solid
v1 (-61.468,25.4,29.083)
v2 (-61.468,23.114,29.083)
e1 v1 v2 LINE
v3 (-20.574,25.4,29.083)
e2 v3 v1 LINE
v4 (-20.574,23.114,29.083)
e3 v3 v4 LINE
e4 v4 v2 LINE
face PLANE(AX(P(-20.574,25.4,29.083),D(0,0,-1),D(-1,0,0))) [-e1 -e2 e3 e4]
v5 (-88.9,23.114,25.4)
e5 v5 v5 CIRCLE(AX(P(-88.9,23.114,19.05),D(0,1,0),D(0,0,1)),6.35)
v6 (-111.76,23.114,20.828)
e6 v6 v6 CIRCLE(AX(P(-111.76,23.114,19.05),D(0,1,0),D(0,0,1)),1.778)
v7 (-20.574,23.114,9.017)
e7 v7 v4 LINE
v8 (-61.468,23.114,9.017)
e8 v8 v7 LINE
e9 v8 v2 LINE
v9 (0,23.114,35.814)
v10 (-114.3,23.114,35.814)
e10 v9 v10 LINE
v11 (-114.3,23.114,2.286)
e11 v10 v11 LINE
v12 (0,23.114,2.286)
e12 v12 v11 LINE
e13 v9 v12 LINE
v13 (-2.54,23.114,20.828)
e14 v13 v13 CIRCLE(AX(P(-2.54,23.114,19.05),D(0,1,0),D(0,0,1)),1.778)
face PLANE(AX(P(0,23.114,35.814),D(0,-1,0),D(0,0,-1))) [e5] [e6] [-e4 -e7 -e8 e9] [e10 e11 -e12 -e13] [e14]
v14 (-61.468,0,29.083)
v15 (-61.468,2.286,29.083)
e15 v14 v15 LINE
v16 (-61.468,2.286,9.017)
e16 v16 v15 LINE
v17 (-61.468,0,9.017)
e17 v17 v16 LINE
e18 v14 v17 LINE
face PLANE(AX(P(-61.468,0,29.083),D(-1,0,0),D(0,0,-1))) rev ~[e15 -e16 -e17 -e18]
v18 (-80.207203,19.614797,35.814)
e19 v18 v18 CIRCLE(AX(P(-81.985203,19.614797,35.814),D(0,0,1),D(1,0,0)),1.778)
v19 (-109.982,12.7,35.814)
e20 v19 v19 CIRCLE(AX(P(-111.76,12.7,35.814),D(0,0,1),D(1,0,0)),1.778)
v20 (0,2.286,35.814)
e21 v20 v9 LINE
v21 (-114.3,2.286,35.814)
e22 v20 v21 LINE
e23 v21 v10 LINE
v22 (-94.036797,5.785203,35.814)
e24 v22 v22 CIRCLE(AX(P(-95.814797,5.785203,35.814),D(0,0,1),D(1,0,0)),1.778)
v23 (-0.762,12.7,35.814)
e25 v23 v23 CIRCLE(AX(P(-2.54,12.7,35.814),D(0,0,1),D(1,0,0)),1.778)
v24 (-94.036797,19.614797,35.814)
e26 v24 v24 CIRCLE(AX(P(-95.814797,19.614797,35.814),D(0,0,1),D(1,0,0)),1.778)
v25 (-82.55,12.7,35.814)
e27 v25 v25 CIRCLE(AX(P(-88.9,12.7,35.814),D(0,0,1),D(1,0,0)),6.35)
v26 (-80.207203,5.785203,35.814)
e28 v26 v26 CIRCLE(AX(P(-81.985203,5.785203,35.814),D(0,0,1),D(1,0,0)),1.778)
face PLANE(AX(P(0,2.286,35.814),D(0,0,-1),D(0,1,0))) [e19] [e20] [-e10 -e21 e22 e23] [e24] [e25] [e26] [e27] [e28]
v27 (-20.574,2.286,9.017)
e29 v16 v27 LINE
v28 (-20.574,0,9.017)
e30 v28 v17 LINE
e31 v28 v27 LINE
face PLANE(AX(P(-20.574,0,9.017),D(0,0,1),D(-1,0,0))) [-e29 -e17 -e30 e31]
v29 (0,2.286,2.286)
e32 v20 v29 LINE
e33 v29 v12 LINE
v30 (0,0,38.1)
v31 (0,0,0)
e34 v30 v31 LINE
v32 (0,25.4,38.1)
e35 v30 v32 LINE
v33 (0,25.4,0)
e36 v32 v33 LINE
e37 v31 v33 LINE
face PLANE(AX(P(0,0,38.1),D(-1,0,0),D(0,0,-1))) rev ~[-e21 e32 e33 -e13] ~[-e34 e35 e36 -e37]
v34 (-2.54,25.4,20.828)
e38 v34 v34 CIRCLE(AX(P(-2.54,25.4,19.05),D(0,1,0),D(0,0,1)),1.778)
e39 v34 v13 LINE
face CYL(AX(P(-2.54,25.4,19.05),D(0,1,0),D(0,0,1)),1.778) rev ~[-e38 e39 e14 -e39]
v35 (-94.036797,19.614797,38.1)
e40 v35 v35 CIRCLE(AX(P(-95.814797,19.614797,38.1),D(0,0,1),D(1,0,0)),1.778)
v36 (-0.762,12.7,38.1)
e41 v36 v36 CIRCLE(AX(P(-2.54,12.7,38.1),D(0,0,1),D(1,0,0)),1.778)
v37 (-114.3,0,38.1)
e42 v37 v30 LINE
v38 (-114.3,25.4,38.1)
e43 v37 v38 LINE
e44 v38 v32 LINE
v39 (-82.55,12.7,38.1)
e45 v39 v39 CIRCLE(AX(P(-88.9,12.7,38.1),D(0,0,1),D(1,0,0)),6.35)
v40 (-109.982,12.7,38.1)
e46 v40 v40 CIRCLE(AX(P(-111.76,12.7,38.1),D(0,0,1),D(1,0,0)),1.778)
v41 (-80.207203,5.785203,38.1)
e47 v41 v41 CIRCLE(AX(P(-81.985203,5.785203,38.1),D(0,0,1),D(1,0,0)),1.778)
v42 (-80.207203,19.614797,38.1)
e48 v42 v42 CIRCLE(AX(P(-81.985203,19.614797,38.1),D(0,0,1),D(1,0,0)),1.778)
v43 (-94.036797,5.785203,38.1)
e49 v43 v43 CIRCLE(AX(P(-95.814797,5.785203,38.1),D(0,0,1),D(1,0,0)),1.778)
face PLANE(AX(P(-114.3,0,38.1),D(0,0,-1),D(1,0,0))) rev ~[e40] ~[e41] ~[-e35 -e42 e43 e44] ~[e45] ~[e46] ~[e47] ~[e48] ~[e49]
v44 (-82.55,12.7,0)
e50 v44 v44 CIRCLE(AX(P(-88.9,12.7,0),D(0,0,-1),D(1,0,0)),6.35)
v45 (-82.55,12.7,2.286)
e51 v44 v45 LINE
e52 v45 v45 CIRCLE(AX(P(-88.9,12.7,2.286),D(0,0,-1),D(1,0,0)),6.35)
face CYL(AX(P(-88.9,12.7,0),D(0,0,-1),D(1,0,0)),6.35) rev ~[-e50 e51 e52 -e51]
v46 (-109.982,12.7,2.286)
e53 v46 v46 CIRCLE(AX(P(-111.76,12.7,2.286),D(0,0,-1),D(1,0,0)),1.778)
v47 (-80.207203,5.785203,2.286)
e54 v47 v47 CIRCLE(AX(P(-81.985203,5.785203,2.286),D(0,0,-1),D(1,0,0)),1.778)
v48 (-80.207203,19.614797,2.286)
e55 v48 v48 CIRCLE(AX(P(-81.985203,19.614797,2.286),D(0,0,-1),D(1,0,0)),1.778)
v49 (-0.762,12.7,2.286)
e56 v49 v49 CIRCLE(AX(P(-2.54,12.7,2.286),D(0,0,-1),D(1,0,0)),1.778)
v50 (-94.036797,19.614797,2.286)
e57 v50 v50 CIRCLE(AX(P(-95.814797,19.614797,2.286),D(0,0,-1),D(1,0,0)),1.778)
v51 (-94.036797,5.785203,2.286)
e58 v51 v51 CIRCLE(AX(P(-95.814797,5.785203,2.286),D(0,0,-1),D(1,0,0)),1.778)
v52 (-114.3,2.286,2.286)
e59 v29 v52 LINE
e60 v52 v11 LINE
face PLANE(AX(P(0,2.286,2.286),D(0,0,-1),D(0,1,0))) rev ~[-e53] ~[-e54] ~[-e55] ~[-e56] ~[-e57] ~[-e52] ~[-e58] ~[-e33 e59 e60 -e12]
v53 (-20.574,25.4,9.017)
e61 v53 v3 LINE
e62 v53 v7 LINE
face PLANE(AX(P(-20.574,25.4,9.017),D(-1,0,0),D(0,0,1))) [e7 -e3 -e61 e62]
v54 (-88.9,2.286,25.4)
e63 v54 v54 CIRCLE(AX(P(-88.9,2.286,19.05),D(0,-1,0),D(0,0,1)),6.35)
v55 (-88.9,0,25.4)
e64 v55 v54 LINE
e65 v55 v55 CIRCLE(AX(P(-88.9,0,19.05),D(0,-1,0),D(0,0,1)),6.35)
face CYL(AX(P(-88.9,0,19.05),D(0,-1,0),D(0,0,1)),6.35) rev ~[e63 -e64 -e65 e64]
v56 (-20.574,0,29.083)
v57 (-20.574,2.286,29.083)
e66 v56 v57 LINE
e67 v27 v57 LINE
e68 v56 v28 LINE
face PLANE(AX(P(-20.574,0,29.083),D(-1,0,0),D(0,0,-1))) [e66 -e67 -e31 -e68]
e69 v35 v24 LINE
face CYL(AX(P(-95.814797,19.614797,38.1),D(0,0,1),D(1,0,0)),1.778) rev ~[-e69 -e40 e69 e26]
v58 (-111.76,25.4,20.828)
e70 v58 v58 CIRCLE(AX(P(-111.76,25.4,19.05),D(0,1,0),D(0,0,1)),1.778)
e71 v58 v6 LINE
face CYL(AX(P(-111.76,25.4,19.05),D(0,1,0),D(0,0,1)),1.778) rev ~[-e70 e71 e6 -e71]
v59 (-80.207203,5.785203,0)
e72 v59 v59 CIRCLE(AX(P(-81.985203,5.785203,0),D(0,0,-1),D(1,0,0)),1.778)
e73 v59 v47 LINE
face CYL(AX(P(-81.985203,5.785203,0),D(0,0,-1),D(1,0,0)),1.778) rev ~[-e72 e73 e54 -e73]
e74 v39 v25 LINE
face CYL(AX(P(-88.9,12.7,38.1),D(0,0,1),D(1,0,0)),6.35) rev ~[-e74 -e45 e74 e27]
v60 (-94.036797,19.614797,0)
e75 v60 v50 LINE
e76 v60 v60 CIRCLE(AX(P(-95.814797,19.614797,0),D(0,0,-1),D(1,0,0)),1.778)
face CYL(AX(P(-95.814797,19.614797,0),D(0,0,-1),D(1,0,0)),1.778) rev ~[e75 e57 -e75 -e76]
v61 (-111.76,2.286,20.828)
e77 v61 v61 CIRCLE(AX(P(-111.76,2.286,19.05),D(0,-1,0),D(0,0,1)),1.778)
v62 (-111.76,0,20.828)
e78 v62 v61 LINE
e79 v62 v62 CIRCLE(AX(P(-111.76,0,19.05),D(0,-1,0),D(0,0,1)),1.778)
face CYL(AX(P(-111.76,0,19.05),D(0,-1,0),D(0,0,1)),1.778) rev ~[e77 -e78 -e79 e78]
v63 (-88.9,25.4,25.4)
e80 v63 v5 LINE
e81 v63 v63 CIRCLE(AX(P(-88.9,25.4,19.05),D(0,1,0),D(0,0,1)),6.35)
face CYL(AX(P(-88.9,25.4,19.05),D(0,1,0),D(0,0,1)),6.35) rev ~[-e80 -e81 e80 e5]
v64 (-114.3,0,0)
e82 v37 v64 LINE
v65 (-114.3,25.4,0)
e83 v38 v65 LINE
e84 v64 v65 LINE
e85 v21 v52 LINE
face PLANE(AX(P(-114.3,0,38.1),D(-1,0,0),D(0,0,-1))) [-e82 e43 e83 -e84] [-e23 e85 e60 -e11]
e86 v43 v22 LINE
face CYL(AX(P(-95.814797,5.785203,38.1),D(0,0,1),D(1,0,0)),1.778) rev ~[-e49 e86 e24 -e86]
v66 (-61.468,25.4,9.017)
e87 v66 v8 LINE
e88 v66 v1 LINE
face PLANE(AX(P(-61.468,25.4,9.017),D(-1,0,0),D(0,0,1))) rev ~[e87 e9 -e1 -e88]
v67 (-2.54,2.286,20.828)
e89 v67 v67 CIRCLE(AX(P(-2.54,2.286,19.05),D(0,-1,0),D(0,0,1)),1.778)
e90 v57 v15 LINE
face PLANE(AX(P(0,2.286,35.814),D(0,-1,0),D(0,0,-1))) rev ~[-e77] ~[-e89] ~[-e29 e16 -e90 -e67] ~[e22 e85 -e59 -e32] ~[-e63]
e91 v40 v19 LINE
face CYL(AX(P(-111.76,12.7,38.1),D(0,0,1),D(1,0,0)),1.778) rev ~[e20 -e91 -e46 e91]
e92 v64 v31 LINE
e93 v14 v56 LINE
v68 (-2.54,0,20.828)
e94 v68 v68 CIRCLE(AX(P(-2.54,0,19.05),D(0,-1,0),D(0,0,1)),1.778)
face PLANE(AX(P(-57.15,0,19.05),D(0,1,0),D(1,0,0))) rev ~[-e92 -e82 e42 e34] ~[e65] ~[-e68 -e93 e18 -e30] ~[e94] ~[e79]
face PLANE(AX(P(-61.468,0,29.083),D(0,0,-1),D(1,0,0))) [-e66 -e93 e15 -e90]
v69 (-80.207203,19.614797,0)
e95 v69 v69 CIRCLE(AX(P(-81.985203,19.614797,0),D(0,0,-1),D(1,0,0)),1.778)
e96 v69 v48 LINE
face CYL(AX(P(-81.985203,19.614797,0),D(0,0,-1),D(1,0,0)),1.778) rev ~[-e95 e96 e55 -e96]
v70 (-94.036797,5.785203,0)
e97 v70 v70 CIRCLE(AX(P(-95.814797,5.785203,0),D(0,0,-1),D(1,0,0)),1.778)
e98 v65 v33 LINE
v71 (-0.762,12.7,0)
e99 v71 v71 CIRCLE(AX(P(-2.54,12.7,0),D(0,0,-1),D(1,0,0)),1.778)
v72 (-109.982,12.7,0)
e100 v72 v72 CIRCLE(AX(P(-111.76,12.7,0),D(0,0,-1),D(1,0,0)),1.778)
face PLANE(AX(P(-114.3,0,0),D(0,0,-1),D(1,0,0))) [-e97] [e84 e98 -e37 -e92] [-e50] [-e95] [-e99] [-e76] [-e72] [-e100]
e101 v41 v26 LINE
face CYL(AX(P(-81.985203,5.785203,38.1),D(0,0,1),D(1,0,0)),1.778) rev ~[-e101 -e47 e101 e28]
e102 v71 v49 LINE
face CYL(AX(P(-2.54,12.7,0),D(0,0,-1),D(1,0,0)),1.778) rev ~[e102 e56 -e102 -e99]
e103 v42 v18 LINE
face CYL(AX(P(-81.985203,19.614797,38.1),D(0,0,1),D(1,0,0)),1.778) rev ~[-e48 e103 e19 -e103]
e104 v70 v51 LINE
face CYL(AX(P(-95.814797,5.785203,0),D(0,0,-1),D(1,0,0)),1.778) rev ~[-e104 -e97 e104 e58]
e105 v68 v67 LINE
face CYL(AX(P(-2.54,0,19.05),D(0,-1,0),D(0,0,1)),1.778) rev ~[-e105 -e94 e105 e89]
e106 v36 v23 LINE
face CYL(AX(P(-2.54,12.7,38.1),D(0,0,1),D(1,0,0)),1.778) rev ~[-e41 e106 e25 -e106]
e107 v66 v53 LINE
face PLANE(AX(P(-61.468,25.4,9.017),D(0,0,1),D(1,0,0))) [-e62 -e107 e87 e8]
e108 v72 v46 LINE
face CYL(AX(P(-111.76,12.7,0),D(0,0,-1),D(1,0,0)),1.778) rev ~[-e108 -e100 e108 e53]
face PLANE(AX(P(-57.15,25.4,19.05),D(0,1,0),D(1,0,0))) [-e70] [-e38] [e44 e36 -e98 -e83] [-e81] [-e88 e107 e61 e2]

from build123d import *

# Parameters (mm, degrees)
SKETCH1_W           = 114.3
SKETCH1_H           = 38.1
BOSS_EXTRUDE1_DEPTH = 25.4
CUT_EXTRUDE1_REACH  = 125.131
SKETCH2_W           = 33.528
SKETCH2_H           = 20.828
CUT_EXTRUDE2_REACH  = 125.131
SKETCH3_R           = 1.778
CUT_EXTRUDE3_REACH  = 125.131
SKETCH4_R           = 1.778
CUT_EXTRUDE4_REACH  = 125.131
SKETCH5_R           = 1.778
SKETCH5_R_2         = 6.35
CUT_EXTRUDE5_REACH  = 125.131
SKETCH6_R           = 1.778
SKETCH6_R_2         = 6.35
CUT_EXTRUDE6_REACH  = 125.131
SKETCH7_R           = 1.778
SKETCH7_R_2         = 6.35
CUT_EXTRUDE7_REACH  = 125.131
SKETCH8_R           = 1.778
SKETCH8_R_2         = 6.35
CUT_EXTRUDE8_REACH  = 125.131
SKETCH9_R           = 1.778
CUT_EXTRUDE9_REACH  = 125.131
SKETCH10_R          = 1.778


with BuildPart() as part:
    # Sketch1 → Boss-Extrude1 (new body)
    with BuildSketch(Plane(origin=(0, 0, 0), x_dir=(1, 0, 0), z_dir=(0, 1, 0))):
        with Locations((-57.15, -19.05)):
            Rectangle(SKETCH1_W, SKETCH1_H)
    extrude(amount=BOSS_EXTRUDE1_DEPTH)

    # Sketch2 → Cut-Extrude1 (cut, up to next)
    with BuildSketch(Plane(origin=(0, 0, 0), x_dir=(0, 0, -1), z_dir=(1, 0, 0)), mode=Mode.PRIVATE) as cut_extrude1_sk1:
        with Locations((-19.05, 12.7)):
            Rectangle(SKETCH2_W, SKETCH2_H)
    cut_extrude1_tool1 = extrude(cut_extrude1_sk1.sketch, amount=-CUT_EXTRUDE1_REACH, mode=Mode.PRIVATE) & part.part
    add(cut_extrude1_tool1.solids().sort_by_distance((0, 12.7, 19.05))[0], mode=Mode.SUBTRACT)

    # Sketch3 → Cut-Extrude2 (cut, up to next)
    with BuildSketch(Plane.XY.offset(38.1), mode=Mode.PRIVATE) as cut_extrude2_sk1:
        with Locations((-2.54, 12.7)):
            Circle(SKETCH3_R)
    cut_extrude2_tool1 = extrude(cut_extrude2_sk1.sketch, amount=-CUT_EXTRUDE2_REACH, mode=Mode.PRIVATE) & part.part
    add(cut_extrude2_tool1.solids().sort_by_distance((-2.54, 12.7, 38.1))[0], mode=Mode.SUBTRACT)

    # Sketch4 → Cut-Extrude3 (cut, up to next)
    with BuildSketch(Plane(origin=(0, 0, 0), x_dir=(-1, 0, 0), z_dir=(0, 0, -1)), mode=Mode.PRIVATE) as cut_extrude3_sk1:
        with Locations(Location((2.54, 12.7, 0), (0, 0, 180))):
            Circle(SKETCH4_R)
    cut_extrude3_tool1 = extrude(cut_extrude3_sk1.sketch, amount=-CUT_EXTRUDE3_REACH, mode=Mode.PRIVATE) & part.part
    add(cut_extrude3_tool1.solids().sort_by_distance((-2.54, 12.7, 0))[0], mode=Mode.SUBTRACT)

    # Sketch5 → Cut-Extrude4 (cut, up to next)
    with BuildSketch(Plane.XY.offset(38.1), mode=Mode.PRIVATE) as cut_extrude4_sk1:
        with Locations((-111.76, 12.7)):
            Circle(SKETCH5_R)
    cut_extrude4_tool1 = extrude(cut_extrude4_sk1.sketch, amount=-CUT_EXTRUDE4_REACH, mode=Mode.PRIVATE) & part.part
    # Sketch5 → Cut-Extrude4 (cut, up to next)
    with BuildSketch(Plane.XY.offset(38.1), mode=Mode.PRIVATE) as cut_extrude4_sk2:
        with Locations((-88.9, 12.7)):
            Circle(SKETCH5_R_2)
    cut_extrude4_tool2 = extrude(cut_extrude4_sk2.sketch, amount=-CUT_EXTRUDE4_REACH, mode=Mode.PRIVATE) & part.part
    # Sketch5 → Cut-Extrude4 (cut, up to next)
    with BuildSketch(Plane.XY.offset(38.1), mode=Mode.PRIVATE) as cut_extrude4_sk3:
        with Locations((-95.814797213, 19.614797213)):
            Circle(SKETCH5_R)
    cut_extrude4_tool3 = extrude(cut_extrude4_sk3.sketch, amount=-CUT_EXTRUDE4_REACH, mode=Mode.PRIVATE) & part.part
    # Sketch5 → Cut-Extrude4 (cut, up to next)
    with BuildSketch(Plane.XY.offset(38.1), mode=Mode.PRIVATE) as cut_extrude4_sk4:
        with Locations((-81.985202787, 19.614797213)):
            Circle(SKETCH5_R)
    cut_extrude4_tool4 = extrude(cut_extrude4_sk4.sketch, amount=-CUT_EXTRUDE4_REACH, mode=Mode.PRIVATE) & part.part
    # Sketch5 → Cut-Extrude4 (cut, up to next)
    with BuildSketch(Plane.XY.offset(38.1), mode=Mode.PRIVATE) as cut_extrude4_sk5:
        with Locations((-95.814797213, 5.785202787)):
            Circle(SKETCH5_R)
    cut_extrude4_tool5 = extrude(cut_extrude4_sk5.sketch, amount=-CUT_EXTRUDE4_REACH, mode=Mode.PRIVATE) & part.part
    # Sketch5 → Cut-Extrude4 (cut, up to next)
    with BuildSketch(Plane.XY.offset(38.1), mode=Mode.PRIVATE) as cut_extrude4_sk6:
        with Locations((-81.985202787, 5.785202787)):
            Circle(SKETCH5_R)
    cut_extrude4_tool6 = extrude(cut_extrude4_sk6.sketch, amount=-CUT_EXTRUDE4_REACH, mode=Mode.PRIVATE) & part.part
    add(cut_extrude4_tool1.solids().sort_by_distance((-111.76, 12.7, 38.1))[0], mode=Mode.SUBTRACT)
    add(cut_extrude4_tool2.solids().sort_by_distance((-88.9, 12.7, 38.1))[0], mode=Mode.SUBTRACT)
    add(cut_extrude4_tool3.solids().sort_by_distance((-95.814797, 19.614797, 38.1))[0], mode=Mode.SUBTRACT)
    add(cut_extrude4_tool4.solids().sort_by_distance((-81.985203, 19.614797, 38.1))[0], mode=Mode.SUBTRACT)
    add(cut_extrude4_tool5.solids().sort_by_distance((-95.814797, 5.785203, 38.1))[0], mode=Mode.SUBTRACT)
    add(cut_extrude4_tool6.solids().sort_by_distance((-81.985203, 5.785203, 38.1))[0], mode=Mode.SUBTRACT)

    # Sketch6 → Cut-Extrude5 (cut, up to next)
    with BuildSketch(Plane(origin=(0, 0, 0), x_dir=(-1, 0, 0), z_dir=(0, 0, -1)), mode=Mode.PRIVATE) as cut_extrude5_sk1:
        with Locations(Location((111.76, 12.7, 0), (0, 0, 180))):
            Circle(SKETCH6_R)
    cut_extrude5_tool1 = extrude(cut_extrude5_sk1.sketch, amount=-CUT_EXTRUDE5_REACH, mode=Mode.PRIVATE) & part.part
    # Sketch6 → Cut-Extrude5 (cut, up to next)
    with BuildSketch(Plane(origin=(0, 0, 0), x_dir=(-1, 0, 0), z_dir=(0, 0, -1)), mode=Mode.PRIVATE) as cut_extrude5_sk2:
        with Locations(Location((88.9, 12.7, 0), (0, 0, 180))):
            Circle(SKETCH6_R_2)
    cut_extrude5_tool2 = extrude(cut_extrude5_sk2.sketch, amount=-CUT_EXTRUDE5_REACH, mode=Mode.PRIVATE) & part.part
    # Sketch6 → Cut-Extrude5 (cut, up to next)
    with BuildSketch(Plane(origin=(0, 0, 0), x_dir=(-1, 0, 0), z_dir=(0, 0, -1)), mode=Mode.PRIVATE) as cut_extrude5_sk3:
        with Locations(Location((81.985202787, 19.614797213, 0), (0, 0, 180))):
            Circle(SKETCH6_R)
    cut_extrude5_tool3 = extrude(cut_extrude5_sk3.sketch, amount=-CUT_EXTRUDE5_REACH, mode=Mode.PRIVATE) & part.part
    # Sketch6 → Cut-Extrude5 (cut, up to next)
    with BuildSketch(Plane(origin=(0, 0, 0), x_dir=(-1, 0, 0), z_dir=(0, 0, -1)), mode=Mode.PRIVATE) as cut_extrude5_sk4:
        with Locations(Location((95.814797213, 19.614797213, 0), (0, 0, 180))):
            Circle(SKETCH6_R)
    cut_extrude5_tool4 = extrude(cut_extrude5_sk4.sketch, amount=-CUT_EXTRUDE5_REACH, mode=Mode.PRIVATE) & part.part
    # Sketch6 → Cut-Extrude5 (cut, up to next)
    with BuildSketch(Plane(origin=(0, 0, 0), x_dir=(-1, 0, 0), z_dir=(0, 0, -1)), mode=Mode.PRIVATE) as cut_extrude5_sk5:
        with Locations(Location((95.814797213, 5.785202787, 0), (0, 0, 180))):
            Circle(SKETCH6_R)
    cut_extrude5_tool5 = extrude(cut_extrude5_sk5.sketch, amount=-CUT_EXTRUDE5_REACH, mode=Mode.PRIVATE) & part.part
    # Sketch6 → Cut-Extrude5 (cut, up to next)
    with BuildSketch(Plane(origin=(0, 0, 0), x_dir=(-1, 0, 0), z_dir=(0, 0, -1)), mode=Mode.PRIVATE) as cut_extrude5_sk6:
        with Locations(Location((81.985202787, 5.785202787, 0), (0, 0, 180))):
            Circle(SKETCH6_R)
    cut_extrude5_tool6 = extrude(cut_extrude5_sk6.sketch, amount=-CUT_EXTRUDE5_REACH, mode=Mode.PRIVATE) & part.part
    add(cut_extrude5_tool1.solids().sort_by_distance((-111.76, 12.7, 0))[0], mode=Mode.SUBTRACT)
    add(cut_extrude5_tool2.solids().sort_by_distance((-88.9, 12.7, 0))[0], mode=Mode.SUBTRACT)
    add(cut_extrude5_tool3.solids().sort_by_distance((-81.985203, 19.614797, 0))[0], mode=Mode.SUBTRACT)
    add(cut_extrude5_tool4.solids().sort_by_distance((-95.814797, 19.614797, 0))[0], mode=Mode.SUBTRACT)
    add(cut_extrude5_tool5.solids().sort_by_distance((-95.814797, 5.785203, 0))[0], mode=Mode.SUBTRACT)
    add(cut_extrude5_tool6.solids().sort_by_distance((-81.985203, 5.785203, 0))[0], mode=Mode.SUBTRACT)

    # Sketch7 → Cut-Extrude6 (cut, up to next)
    with BuildSketch(Plane(origin=(0, 25.4, 0), x_dir=(1, 0, 0), z_dir=(0, 1, 0)), mode=Mode.PRIVATE) as cut_extrude6_sk1:
        with Locations(Location((-111.76, -19.05, 0), (0, 0, 270))):
            Circle(SKETCH7_R)
    cut_extrude6_tool1 = extrude(cut_extrude6_sk1.sketch, amount=-CUT_EXTRUDE6_REACH, mode=Mode.PRIVATE) & part.part
    # Sketch7 → Cut-Extrude6 (cut, up to next)
    with BuildSketch(Plane(origin=(0, 25.4, 0), x_dir=(1, 0, 0), z_dir=(0, 1, 0)), mode=Mode.PRIVATE) as cut_extrude6_sk2:
        with Locations(Location((-88.9, -19.05, 0), (0, 0, 270))):
            Circle(SKETCH7_R_2)
    cut_extrude6_tool2 = extrude(cut_extrude6_sk2.sketch, amount=-CUT_EXTRUDE6_REACH, mode=Mode.PRIVATE) & part.part
    # Sketch7 → Cut-Extrude6 (cut, up to next)
    with BuildSketch(Plane(origin=(0, 25.4, 0), x_dir=(1, 0, 0), z_dir=(0, 1, 0)), mode=Mode.PRIVATE) as cut_extrude6_sk3:
        Polygon((-61.468, -19.05), (-61.468, -9.017), (-20.574, -9.017), (-20.574, -29.083), (-61.468, -29.083), align=None)
    cut_extrude6_tool3 = extrude(cut_extrude6_sk3.sketch, amount=-CUT_EXTRUDE6_REACH, mode=Mode.PRIVATE) & part.part
    add(cut_extrude6_tool1.solids().sort_by_distance((-111.76, 25.4, 19.05))[0], mode=Mode.SUBTRACT)
    add(cut_extrude6_tool2.solids().sort_by_distance((-88.9, 25.4, 19.05))[0], mode=Mode.SUBTRACT)
    add(cut_extrude6_tool3.solids().sort_by_distance((-41.021, 25.4, 19.05))[0], mode=Mode.SUBTRACT)

    # Sketch8 → Cut-Extrude7 (cut, up to next)
    with BuildSketch(Plane.XZ, mode=Mode.PRIVATE) as cut_extrude7_sk1:
        with Locations(Location((-111.76, 19.05, 0), (0, 0, 90))):
            Circle(SKETCH8_R)
    cut_extrude7_tool1 = extrude(cut_extrude7_sk1.sketch, amount=-CUT_EXTRUDE7_REACH, mode=Mode.PRIVATE) & part.part
    # Sketch8 → Cut-Extrude7 (cut, up to next)
    with BuildSketch(Plane.XZ, mode=Mode.PRIVATE) as cut_extrude7_sk2:
        with Locations(Location((-88.9, 19.05, 0), (0, 0, 90))):
            Circle(SKETCH8_R_2)
    cut_extrude7_tool2 = extrude(cut_extrude7_sk2.sketch, amount=-CUT_EXTRUDE7_REACH, mode=Mode.PRIVATE) & part.part
    # Sketch8 → Cut-Extrude7 (cut, up to next)
    with BuildSketch(Plane.XZ, mode=Mode.PRIVATE) as cut_extrude7_sk3:
        Polygon((-61.468, 19.05), (-61.468, 29.083), (-20.574, 29.083), (-20.574, 9.017), (-61.468, 9.017), align=None)
    cut_extrude7_tool3 = extrude(cut_extrude7_sk3.sketch, amount=-CUT_EXTRUDE7_REACH, mode=Mode.PRIVATE) & part.part
    add(cut_extrude7_tool1.solids().sort_by_distance((-111.76, 0, 19.05))[0], mode=Mode.SUBTRACT)
    add(cut_extrude7_tool2.solids().sort_by_distance((-88.9, 0, 19.05))[0], mode=Mode.SUBTRACT)
    add(cut_extrude7_tool3.solids().sort_by_distance((-41.021, 0, 19.05))[0], mode=Mode.SUBTRACT)

    # Sketch9 → Cut-Extrude8 (cut, up to next)
    with BuildSketch(Plane(origin=(0, 25.4, 0), x_dir=(1, 0, 0), z_dir=(0, 1, 0)), mode=Mode.PRIVATE) as cut_extrude8_sk1:
        with Locations(Location((-2.54, -19.05, 0), (0, 0, 270))):
            Circle(SKETCH9_R)
    cut_extrude8_tool1 = extrude(cut_extrude8_sk1.sketch, amount=-CUT_EXTRUDE8_REACH, mode=Mode.PRIVATE) & part.part
    add(cut_extrude8_tool1.solids().sort_by_distance((-2.54, 25.4, 19.05))[0], mode=Mode.SUBTRACT)

    # Sketch10 → Cut-Extrude9 (cut, up to next)
    with BuildSketch(Plane(origin=(0, 0, 0), x_dir=(-1, 0, 0), z_dir=(0, -1, 0)), mode=Mode.PRIVATE) as cut_extrude9_sk1:
        with Locations(Location((2.54, -19.05, 0), (0, 0, 270))):
            Circle(SKETCH10_R)
    cut_extrude9_tool1 = extrude(cut_extrude9_sk1.sketch, amount=-CUT_EXTRUDE9_REACH, mode=Mode.PRIVATE) & part.part
    add(cut_extrude9_tool1.solids().sort_by_distance((-2.54, 0, 19.05))[0], mode=Mode.SUBTRACT)


solid = part.part
